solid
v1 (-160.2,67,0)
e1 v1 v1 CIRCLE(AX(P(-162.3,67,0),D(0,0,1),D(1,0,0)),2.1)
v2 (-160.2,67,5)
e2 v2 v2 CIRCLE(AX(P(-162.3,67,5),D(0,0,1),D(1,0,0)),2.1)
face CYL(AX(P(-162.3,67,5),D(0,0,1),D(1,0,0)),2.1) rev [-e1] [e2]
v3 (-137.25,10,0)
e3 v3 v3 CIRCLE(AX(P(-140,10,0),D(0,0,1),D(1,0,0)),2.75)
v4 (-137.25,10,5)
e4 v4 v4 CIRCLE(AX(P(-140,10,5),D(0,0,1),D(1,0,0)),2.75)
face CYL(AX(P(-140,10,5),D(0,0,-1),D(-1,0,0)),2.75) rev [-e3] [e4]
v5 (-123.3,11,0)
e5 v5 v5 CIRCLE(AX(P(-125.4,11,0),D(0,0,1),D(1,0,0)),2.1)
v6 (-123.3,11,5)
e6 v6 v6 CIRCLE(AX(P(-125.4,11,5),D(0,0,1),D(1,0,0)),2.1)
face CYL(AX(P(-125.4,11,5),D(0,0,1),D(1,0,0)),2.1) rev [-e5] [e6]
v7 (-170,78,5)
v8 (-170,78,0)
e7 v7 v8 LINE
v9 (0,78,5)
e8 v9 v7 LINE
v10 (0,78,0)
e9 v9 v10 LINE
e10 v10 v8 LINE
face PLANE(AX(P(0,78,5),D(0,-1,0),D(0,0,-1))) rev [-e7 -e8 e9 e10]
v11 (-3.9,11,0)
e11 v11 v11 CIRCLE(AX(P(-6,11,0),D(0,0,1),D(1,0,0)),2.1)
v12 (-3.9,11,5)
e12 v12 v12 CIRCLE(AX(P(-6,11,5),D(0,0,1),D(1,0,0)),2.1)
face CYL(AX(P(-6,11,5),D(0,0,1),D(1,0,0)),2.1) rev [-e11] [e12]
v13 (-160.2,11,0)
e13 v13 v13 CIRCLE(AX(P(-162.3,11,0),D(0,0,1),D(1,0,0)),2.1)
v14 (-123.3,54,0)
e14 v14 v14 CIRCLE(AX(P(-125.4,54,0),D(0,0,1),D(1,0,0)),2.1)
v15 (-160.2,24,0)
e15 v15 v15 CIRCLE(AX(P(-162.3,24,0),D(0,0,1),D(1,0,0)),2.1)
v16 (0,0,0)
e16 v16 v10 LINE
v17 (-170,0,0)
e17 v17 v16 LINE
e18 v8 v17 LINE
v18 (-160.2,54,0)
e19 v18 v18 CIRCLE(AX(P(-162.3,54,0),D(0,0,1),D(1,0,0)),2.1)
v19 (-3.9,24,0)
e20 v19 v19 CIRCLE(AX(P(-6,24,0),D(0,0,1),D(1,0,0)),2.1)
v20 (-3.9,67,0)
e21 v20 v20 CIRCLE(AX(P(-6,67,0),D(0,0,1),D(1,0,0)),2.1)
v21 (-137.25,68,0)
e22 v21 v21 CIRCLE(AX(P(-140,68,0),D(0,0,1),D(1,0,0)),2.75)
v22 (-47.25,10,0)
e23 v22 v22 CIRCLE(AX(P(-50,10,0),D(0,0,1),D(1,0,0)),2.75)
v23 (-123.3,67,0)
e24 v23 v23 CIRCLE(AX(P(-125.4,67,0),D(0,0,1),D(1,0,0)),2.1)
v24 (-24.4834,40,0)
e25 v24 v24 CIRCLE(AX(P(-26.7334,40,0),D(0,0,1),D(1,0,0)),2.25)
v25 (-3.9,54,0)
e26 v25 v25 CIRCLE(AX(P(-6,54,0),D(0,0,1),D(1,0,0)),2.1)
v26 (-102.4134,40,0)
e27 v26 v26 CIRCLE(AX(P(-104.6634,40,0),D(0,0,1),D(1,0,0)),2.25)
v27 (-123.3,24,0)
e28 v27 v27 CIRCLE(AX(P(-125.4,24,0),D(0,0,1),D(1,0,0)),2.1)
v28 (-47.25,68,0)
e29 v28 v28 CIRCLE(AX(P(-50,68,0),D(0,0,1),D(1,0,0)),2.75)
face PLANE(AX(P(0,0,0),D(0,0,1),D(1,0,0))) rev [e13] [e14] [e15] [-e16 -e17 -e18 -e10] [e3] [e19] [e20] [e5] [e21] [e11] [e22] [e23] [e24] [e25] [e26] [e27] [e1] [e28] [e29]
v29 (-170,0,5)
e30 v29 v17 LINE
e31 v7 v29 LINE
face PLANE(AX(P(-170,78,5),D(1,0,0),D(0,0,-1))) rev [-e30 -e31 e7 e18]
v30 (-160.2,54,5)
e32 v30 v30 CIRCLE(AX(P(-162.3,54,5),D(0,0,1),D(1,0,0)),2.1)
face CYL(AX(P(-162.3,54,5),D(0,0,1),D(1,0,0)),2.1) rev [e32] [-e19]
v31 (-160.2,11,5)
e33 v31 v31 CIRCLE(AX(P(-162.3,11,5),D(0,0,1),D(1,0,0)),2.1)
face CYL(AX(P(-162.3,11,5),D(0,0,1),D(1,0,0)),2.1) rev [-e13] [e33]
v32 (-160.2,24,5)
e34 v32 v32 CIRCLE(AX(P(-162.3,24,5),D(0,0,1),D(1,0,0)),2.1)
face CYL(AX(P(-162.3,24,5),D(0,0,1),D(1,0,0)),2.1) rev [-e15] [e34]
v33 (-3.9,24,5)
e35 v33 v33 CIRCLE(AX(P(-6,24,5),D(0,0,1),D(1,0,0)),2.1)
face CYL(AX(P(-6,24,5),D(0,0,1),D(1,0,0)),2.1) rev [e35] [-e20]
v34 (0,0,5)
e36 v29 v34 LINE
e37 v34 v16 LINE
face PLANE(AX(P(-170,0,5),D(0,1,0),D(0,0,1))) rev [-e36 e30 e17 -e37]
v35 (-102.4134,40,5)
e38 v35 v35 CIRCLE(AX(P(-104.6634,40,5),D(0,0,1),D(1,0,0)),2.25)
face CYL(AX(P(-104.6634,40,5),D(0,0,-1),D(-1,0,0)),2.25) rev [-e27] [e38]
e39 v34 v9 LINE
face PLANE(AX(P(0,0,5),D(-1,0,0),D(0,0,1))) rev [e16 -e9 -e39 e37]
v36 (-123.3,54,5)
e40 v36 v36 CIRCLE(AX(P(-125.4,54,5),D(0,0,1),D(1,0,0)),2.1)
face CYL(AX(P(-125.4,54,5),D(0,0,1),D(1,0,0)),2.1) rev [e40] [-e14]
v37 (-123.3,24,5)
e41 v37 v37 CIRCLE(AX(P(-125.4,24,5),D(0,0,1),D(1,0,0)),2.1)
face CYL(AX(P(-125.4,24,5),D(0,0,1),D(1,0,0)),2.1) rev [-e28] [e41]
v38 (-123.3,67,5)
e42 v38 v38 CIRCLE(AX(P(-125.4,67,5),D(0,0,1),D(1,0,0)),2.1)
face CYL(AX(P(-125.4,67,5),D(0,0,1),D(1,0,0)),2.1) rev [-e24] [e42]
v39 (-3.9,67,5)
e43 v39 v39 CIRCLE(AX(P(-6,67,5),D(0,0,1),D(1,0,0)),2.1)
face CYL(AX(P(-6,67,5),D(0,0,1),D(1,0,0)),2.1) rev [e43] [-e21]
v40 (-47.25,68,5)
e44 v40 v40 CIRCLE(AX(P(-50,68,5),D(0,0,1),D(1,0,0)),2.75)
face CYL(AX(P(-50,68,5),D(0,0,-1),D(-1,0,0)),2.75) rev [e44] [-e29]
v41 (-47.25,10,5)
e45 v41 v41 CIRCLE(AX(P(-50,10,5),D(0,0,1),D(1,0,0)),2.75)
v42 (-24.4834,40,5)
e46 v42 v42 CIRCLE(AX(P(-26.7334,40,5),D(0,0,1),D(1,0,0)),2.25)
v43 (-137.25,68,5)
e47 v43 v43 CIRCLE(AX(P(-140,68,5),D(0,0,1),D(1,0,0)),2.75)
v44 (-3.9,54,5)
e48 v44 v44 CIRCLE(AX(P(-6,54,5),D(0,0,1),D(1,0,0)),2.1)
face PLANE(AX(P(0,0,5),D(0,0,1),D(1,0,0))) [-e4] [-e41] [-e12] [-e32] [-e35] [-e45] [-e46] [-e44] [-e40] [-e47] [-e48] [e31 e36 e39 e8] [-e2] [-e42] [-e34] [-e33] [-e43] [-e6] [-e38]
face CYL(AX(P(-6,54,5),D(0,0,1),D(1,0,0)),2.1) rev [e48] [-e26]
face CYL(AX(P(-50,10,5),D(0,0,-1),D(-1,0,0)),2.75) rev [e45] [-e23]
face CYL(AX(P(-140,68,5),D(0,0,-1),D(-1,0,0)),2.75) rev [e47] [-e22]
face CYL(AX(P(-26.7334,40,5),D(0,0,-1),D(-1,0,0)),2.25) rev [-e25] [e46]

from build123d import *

# Parameters (mm, degrees)
SKETCH_3_W                  = 170
SKETCH_3_H                  = 78
SKETCH_3_R                  = 2.75
SKETCH_3_R_2                = 2.25
EXTRUDE_1_DEPTH             = 5
HOLE_WIZARD_M5_1_AT_2_COUNT = 2
HOLE_WIZARD_M5_1_AT_2_PITCH = 13
HOLE_WIZARD_M5_1_AT_3_COUNT = 2
HOLE_WIZARD_M5_1_AT_3_PITCH = 30
HOLE_WIZARD_M5_1_AT_4_COUNT = 2
HOLE_WIZARD_M5_1_AT_4_PITCH = 43
PATTERN_LINEAR_1_COUNT      = 2
PATTERN_LINEAR_1_PITCH      = 36.9
PATTERN_LINEAR_2_COUNT      = 2
PATTERN_LINEAR_2_PITCH      = 156.3


with BuildPart() as part:
    # 草图3 → 凸台-拉伸1 (new body)
    with BuildSketch(Plane.XY):
        with Locations((-85, 39)):
            Rectangle(SKETCH_3_W, SKETCH_3_H)
        with Locations((-140, 68)):
            Circle(SKETCH_3_R, mode=Mode.SUBTRACT)
        with Locations((-140, 10)):
            Circle(SKETCH_3_R, mode=Mode.SUBTRACT)
        with Locations((-50, 10)):
            Circle(SKETCH_3_R, mode=Mode.SUBTRACT)
        with Locations((-50, 68)):
            Circle(SKETCH_3_R, mode=Mode.SUBTRACT)
        with Locations((-104.6634, 40)):
            Circle(SKETCH_3_R_2, mode=Mode.SUBTRACT)
        with Locations((-26.7334, 40)):
            Circle(SKETCH_3_R_2, mode=Mode.SUBTRACT)
    extrude(amount=EXTRUDE_1_DEPTH)

    # 草图6 → M5 螺纹孔1 (revolve, cut)
    with BuildSketch(Plane(origin=(-162.3, 54, 5), x_dir=(0, -1, 0), z_dir=(1, 0, 0))):
        Polygon((0, 0), (0, 13.6618073), (2.1, 12.4), (2.1, 0), align=None)
    hole_wizard_m5_1 = revolve(axis=Axis((-162.3, 54, 11.35), (0, 0, -1)), mode=Mode.SUBTRACT)

    # M5 螺纹孔1 at 2: M5 螺纹孔1 ×2
    with Locations(*[(0, i * HOLE_WIZARD_M5_1_AT_2_PITCH, 0) for i in range(1, HOLE_WIZARD_M5_1_AT_2_COUNT)]):
        add(hole_wizard_m5_1, mode=Mode.SUBTRACT)

    # M5 螺纹孔1 at 3: M5 螺纹孔1 ×2
    with Locations(*[(0, -i * HOLE_WIZARD_M5_1_AT_3_PITCH, 0) for i in range(1, HOLE_WIZARD_M5_1_AT_3_COUNT)]):
        add(hole_wizard_m5_1, mode=Mode.SUBTRACT)

    # M5 螺纹孔1 at 4: M5 螺纹孔1 ×2
    with Locations(*[(0, -i * HOLE_WIZARD_M5_1_AT_4_PITCH, 0) for i in range(1, HOLE_WIZARD_M5_1_AT_4_COUNT)]):
        add(hole_wizard_m5_1, mode=Mode.SUBTRACT)

    # 阵列(线性)1: M5 螺纹孔1 ×2
    with Locations(*[(i * PATTERN_LINEAR_1_PITCH, 0, 0) for i in range(1, PATTERN_LINEAR_1_COUNT)]):
        add(hole_wizard_m5_1, mode=Mode.SUBTRACT)

    # 阵列(线性)1 copy 1 sketch → 阵列(线性)1 copy 1 (revolve, cut)
    with BuildSketch(Plane(origin=(-125.4, 67, 5), x_dir=(0, -1, 0), z_dir=(1, 0, 0))):
        Polygon((0, 0), (0, 13.6618073), (2.1, 12.4), (2.1, 0), align=None)
    revolve(axis=Axis((-125.4, 67, 11.35), (0, 0, -1)), mode=Mode.SUBTRACT)

    # 阵列(线性)1 copy 2 sketch → 阵列(线性)1 copy 2 (revolve, cut)
    with BuildSketch(Plane(origin=(-125.4, 24, 5), x_dir=(0, -1, 0), z_dir=(1, 0, 0))):
        Polygon((0, 0), (0, 13.6618073), (2.1, 12.4), (2.1, 0), align=None)
    revolve(axis=Axis((-125.4, 24, 11.35), (0, 0, -1)), mode=Mode.SUBTRACT)

    # 阵列(线性)1 copy 3 sketch → 阵列(线性)1 copy 3 (revolve, cut)
    with BuildSketch(Plane(origin=(-125.4, 11, 5), x_dir=(0, -1, 0), z_dir=(1, 0, 0))):
        Polygon((0, 0), (0, 13.6618073), (2.1, 12.4), (2.1, 0), align=None)
    revolve(axis=Axis((-125.4, 11, 11.35), (0, 0, -1)), mode=Mode.SUBTRACT)

    # 阵列(线性)2: M5 螺纹孔1 ×2
    with Locations(*[(i * PATTERN_LINEAR_2_PITCH, 0, 0) for i in range(1, PATTERN_LINEAR_2_COUNT)]):
        add(hole_wizard_m5_1, mode=Mode.SUBTRACT)

    # 阵列(线性)2 copy 1 sketch → 阵列(线性)2 copy 1 (revolve, cut)
    with BuildSketch(Plane(origin=(-6, 67, 5), x_dir=(0, -1, 0), z_dir=(1, 0, 0))):
        Polygon((0, 0), (0, 13.6618073), (2.1, 12.4), (2.1, 0), align=None)
    revolve(axis=Axis((-6, 67, 11.35), (0, 0, -1)), mode=Mode.SUBTRACT)

    # 阵列(线性)2 copy 2 sketch → 阵列(线性)2 copy 2 (revolve, cut)
    with BuildSketch(Plane(origin=(-6, 24, 5), x_dir=(0, -1, 0), z_dir=(1, 0, 0))):
        Polygon((0, 0), (0, 13.6618073), (2.1, 12.4), (2.1, 0), align=None)
    revolve(axis=Axis((-6, 24, 11.35), (0, 0, -1)), mode=Mode.SUBTRACT)

    # 阵列(线性)2 copy 3 sketch → 阵列(线性)2 copy 3 (revolve, cut)
    with BuildSketch(Plane(origin=(-6, 11, 5), x_dir=(0, -1, 0), z_dir=(1, 0, 0))):
        Polygon((0, 0), (0, 13.6618073), (2.1, 12.4), (2.1, 0), align=None)
    revolve(axis=Axis((-6, 11, 11.35), (0, 0, -1)), mode=Mode.SUBTRACT)


solid = part.part
